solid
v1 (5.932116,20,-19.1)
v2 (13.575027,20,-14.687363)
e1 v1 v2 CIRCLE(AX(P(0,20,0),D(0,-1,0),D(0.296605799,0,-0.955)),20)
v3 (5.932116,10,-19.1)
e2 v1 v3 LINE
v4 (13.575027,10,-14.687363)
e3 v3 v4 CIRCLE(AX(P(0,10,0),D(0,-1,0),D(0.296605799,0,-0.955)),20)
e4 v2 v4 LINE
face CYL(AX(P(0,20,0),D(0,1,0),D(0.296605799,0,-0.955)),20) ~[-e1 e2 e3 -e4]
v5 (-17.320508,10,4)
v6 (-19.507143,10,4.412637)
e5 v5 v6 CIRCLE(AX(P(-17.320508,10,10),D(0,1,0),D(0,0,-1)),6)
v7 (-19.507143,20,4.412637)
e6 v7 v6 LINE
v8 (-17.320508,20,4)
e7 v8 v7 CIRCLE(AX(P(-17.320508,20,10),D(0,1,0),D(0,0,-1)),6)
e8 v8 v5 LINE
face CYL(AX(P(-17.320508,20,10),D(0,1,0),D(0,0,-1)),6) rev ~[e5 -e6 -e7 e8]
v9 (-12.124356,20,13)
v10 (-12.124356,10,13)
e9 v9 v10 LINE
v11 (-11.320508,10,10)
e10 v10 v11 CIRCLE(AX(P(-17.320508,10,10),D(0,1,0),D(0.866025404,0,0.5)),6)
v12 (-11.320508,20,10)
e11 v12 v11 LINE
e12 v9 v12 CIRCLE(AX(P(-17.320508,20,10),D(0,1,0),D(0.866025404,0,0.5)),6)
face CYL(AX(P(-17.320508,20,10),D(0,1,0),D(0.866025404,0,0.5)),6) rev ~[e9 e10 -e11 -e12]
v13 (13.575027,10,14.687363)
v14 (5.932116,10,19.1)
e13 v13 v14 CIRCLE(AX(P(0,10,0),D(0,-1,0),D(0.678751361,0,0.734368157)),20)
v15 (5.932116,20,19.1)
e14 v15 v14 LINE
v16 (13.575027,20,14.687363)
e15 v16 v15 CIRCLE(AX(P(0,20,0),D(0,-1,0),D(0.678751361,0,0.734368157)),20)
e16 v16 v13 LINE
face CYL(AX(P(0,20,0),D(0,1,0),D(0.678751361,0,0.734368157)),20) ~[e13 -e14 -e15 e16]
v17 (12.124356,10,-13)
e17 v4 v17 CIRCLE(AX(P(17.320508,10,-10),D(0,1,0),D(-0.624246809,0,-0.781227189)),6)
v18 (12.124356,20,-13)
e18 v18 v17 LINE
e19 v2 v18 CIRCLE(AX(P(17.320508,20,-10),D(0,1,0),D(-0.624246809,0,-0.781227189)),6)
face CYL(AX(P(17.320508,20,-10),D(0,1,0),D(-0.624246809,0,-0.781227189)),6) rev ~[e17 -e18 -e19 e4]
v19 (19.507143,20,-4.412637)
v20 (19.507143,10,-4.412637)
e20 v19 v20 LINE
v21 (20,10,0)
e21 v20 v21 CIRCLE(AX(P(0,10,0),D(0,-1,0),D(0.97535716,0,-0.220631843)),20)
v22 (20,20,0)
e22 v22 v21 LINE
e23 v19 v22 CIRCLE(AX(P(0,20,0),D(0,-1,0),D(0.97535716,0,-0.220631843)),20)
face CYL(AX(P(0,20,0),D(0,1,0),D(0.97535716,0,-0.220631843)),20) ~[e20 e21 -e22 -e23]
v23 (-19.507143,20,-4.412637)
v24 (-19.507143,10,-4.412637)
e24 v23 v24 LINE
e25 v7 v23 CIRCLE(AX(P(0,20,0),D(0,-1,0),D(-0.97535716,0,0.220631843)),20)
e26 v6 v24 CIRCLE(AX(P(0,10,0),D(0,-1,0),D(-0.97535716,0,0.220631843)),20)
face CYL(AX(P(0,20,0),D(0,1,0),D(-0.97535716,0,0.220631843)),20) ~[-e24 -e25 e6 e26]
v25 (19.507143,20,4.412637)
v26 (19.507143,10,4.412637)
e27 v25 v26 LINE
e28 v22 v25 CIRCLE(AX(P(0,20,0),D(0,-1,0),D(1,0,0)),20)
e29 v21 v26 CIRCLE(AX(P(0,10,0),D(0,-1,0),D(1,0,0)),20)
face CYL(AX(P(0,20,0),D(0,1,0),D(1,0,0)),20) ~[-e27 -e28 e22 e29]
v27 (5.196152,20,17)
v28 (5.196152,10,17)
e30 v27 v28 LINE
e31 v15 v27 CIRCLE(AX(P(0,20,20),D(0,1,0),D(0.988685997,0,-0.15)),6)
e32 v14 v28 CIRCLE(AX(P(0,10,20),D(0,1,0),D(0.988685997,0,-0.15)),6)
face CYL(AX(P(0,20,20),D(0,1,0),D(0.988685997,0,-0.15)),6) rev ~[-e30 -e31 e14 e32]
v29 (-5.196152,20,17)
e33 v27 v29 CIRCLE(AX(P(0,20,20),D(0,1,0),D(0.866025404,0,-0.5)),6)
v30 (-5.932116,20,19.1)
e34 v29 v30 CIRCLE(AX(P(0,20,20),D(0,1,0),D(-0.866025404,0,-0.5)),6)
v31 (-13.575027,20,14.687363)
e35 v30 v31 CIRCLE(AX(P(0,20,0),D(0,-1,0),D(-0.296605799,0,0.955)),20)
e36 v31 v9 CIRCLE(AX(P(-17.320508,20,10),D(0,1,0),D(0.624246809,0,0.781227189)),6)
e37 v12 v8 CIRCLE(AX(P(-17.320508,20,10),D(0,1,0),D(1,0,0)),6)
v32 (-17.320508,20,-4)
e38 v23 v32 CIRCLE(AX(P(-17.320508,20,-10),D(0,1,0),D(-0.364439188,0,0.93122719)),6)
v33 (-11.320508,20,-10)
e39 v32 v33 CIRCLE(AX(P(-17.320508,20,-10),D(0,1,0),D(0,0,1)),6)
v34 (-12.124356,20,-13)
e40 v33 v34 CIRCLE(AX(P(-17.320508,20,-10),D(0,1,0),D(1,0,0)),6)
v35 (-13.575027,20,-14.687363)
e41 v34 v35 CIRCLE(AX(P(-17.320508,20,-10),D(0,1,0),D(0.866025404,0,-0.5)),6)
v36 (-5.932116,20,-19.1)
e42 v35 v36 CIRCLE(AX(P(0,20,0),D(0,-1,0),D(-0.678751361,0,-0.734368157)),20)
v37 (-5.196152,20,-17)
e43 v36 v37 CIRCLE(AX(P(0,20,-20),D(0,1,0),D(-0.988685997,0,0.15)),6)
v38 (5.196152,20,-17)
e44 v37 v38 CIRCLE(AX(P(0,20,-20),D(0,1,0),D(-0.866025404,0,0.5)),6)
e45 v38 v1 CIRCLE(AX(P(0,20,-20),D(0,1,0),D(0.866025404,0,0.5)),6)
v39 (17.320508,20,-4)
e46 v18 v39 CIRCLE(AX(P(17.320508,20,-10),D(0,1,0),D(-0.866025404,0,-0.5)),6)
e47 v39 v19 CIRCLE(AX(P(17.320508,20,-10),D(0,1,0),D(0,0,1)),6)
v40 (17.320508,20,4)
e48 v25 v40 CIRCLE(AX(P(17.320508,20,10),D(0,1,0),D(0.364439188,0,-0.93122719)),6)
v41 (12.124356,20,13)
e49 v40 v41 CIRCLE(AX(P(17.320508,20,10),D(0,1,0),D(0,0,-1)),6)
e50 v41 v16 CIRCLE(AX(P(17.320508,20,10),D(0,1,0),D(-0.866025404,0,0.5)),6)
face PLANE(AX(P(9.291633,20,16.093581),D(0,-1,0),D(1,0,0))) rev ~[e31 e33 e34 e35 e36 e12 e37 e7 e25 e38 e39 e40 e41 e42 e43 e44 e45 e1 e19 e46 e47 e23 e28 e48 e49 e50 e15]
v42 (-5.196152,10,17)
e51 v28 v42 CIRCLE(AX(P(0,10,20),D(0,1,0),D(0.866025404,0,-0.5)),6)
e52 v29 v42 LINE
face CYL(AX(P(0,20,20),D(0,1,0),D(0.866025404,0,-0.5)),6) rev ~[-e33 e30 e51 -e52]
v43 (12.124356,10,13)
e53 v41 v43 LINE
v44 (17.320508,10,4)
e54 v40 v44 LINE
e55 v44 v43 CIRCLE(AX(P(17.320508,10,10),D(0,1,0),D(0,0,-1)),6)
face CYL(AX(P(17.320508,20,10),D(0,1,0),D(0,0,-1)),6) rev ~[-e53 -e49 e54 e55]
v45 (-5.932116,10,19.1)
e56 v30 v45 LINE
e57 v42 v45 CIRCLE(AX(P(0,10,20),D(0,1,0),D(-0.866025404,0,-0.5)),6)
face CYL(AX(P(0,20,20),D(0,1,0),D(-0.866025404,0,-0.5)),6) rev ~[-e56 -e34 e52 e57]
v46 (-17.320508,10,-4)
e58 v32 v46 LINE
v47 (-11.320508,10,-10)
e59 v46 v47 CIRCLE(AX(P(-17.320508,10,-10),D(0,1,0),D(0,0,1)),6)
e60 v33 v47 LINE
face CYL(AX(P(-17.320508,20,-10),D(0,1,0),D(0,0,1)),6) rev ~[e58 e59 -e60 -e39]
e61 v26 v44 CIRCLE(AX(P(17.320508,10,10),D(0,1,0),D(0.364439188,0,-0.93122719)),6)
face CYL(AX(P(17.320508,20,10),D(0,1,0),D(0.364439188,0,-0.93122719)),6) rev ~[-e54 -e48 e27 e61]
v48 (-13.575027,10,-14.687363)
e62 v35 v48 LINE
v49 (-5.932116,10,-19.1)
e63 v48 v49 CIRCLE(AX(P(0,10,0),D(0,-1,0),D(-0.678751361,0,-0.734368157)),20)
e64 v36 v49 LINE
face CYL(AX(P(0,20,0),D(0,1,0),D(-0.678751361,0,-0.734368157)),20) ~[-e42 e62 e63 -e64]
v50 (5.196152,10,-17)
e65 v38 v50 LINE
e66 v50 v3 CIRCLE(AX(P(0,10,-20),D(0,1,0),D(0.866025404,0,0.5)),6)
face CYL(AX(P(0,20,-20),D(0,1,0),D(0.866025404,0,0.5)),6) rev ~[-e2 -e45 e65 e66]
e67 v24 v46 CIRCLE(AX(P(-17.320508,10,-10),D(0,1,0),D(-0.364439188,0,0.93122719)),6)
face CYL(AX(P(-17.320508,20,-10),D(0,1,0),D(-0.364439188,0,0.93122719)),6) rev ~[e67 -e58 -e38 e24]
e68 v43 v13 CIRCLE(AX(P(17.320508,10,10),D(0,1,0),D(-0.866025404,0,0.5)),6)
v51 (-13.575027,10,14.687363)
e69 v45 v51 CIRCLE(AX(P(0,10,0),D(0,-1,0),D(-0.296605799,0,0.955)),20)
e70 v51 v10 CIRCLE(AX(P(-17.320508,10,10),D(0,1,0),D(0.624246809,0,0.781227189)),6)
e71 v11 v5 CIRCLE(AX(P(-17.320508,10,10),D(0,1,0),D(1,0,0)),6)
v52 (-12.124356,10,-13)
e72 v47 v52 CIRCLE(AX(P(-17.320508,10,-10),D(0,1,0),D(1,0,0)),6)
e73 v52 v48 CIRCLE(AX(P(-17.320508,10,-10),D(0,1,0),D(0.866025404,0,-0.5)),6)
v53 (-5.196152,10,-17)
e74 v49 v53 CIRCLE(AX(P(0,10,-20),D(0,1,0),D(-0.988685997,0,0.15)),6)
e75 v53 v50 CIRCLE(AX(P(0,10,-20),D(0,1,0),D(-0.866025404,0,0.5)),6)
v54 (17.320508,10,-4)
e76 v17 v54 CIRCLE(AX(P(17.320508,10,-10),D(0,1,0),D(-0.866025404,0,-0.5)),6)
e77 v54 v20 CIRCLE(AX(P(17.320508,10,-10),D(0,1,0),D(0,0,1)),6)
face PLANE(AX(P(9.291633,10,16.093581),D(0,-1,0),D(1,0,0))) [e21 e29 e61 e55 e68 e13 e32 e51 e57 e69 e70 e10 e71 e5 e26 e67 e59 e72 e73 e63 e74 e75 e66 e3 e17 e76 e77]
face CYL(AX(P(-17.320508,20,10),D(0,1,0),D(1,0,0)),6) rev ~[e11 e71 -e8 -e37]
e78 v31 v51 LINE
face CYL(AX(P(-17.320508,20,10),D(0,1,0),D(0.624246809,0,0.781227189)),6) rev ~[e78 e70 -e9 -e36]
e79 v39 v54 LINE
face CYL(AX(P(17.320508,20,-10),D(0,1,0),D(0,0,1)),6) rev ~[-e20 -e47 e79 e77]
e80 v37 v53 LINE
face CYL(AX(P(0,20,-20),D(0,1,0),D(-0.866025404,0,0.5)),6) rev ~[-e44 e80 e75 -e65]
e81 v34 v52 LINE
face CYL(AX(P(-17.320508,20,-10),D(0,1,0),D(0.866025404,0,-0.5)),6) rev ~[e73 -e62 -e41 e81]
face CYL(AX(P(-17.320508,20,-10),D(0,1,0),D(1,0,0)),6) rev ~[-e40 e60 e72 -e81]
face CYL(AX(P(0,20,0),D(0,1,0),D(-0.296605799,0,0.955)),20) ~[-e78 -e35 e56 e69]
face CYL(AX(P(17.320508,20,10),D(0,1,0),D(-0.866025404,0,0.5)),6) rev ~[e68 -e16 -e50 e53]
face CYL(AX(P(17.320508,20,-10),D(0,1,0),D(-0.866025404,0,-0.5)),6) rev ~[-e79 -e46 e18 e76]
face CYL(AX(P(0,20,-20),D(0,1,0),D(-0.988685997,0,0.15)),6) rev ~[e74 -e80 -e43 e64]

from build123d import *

# Parameters (mm, degrees)
F2_DEPTH = 10


with BuildPart() as f2:
    # F1 (on offset) → F2 (new body)
    with BuildSketch(Plane.XZ.offset(-20)):
        with BuildLine():
            ThreePointArc((12.124355653, 13), (12.7707828093, 13.9115214431), (13.5750272223, 14.6873631369))
            ThreePointArc((13.5750272223, 14.6873631369), (10, 17.3205080757), (5.93211598, 19.1))
            ThreePointArc((5.93211598, 19.1), (5.6623395704, 18.0155830606), (5.1961524227, 17))
            Line((5.1961524227, 17), (12.124355653, 13))
        make_face()
        with BuildLine():
            ThreePointArc((19.5071432023, -4.4126368631), (19.8764039007, -2.2200378324), (20, 0))
            ThreePointArc((20, 0), (19.8764039007, 2.2200378324), (19.5071432023, 4.4126368631))
            ThreePointArc((19.5071432023, 4.4126368631), (18.4331223797, 4.1040616175), (17.3205080757, 4))
            Line((17.3205080757, 4), (17.3205080757, -4))
            ThreePointArc((17.3205080757, -4), (18.4331223797, -4.1040616175), (19.5071432023, -4.4126368631))
        make_face()
        with BuildLine():
            Line((17.3205080757, -4), (17.3205080757, 4))
            ThreePointArc((17.3205080757, 4), (12.124355653, 7), (12.124355653, 13))
            Line((12.124355653, 13), (5.1961524227, 17))
            ThreePointArc((5.1961524227, 17), (0, 14), (-5.1961524227, 17))
            Line((-5.1961524227, 17), (-12.124355653, 13))
            ThreePointArc((-12.124355653, 13), (-11.524953118, 11.5529142706), (-11.3205080757, 10))
            ThreePointArc((-11.3205080757, 10), (-13.0778673886, 5.7573593129), (-17.3205080757, 4))
            Line((-17.3205080757, 4), (-17.3205080757, -4))
            ThreePointArc((-17.3205080757, -4), (-13.0778673886, -5.7573593129), (-11.3205080757, -10))
            ThreePointArc((-11.3205080757, -10), (-11.524953118, -11.5529142706), (-12.124355653, -13))
            Line((-12.124355653, -13), (-5.1961524227, -17))
            ThreePointArc((-5.1961524227, -17), (0, -14), (5.1961524227, -17))
            Line((5.1961524227, -17), (12.124355653, -13))
            ThreePointArc((12.124355653, -13), (12.124355653, -7), (17.3205080757, -4))
        make_face()
        with BuildLine():
            ThreePointArc((5.93211598, -19.1), (10, -17.3205080757), (13.5750272223, -14.6873631369))
            ThreePointArc((13.5750272223, -14.6873631369), (12.7707828093, -13.9115214431), (12.124355653, -13))
            Line((12.124355653, -13), (5.1961524227, -17))
            ThreePointArc((5.1961524227, -17), (5.6623395704, -18.0155830606), (5.93211598, -19.1))
        make_face()
        with BuildLine():
            ThreePointArc((-5.93211598, -19.1), (-5.6623395704, -18.0155830606), (-5.1961524227, -17))
            Line((-5.1961524227, -17), (-12.124355653, -13))
            ThreePointArc((-12.124355653, -13), (-12.7707828093, -13.9115214431), (-13.5750272223, -14.6873631369))
            ThreePointArc((-13.5750272223, -14.6873631369), (-10, -17.3205080757), (-5.93211598, -19.1))
        make_face()
        with BuildLine():
            Line((-12.124355653, 13), (-5.1961524227, 17))
            ThreePointArc((-5.1961524227, 17), (-5.6623395704, 18.0155830606), (-5.93211598, 19.1))
            ThreePointArc((-5.93211598, 19.1), (-10, 17.3205080757), (-13.5750272223, 14.6873631369))
            ThreePointArc((-13.5750272223, 14.6873631369), (-12.7707828093, 13.9115214431), (-12.124355653, 13))
        make_face()
        with BuildLine():
            ThreePointArc((-17.3205080757, 4), (-18.4331223797, 4.1040616175), (-19.5071432023, 4.4126368631))
            ThreePointArc((-19.5071432023, 4.4126368631), (-20, 0), (-19.5071432023, -4.4126368631))
            ThreePointArc((-19.5071432023, -4.4126368631), (-18.4331223797, -4.1040616175), (-17.3205080757, -4))
            Line((-17.3205080757, -4), (-17.3205080757, 4))
        make_face()
    extrude(amount=F2_DEPTH)


solid = f2.part
